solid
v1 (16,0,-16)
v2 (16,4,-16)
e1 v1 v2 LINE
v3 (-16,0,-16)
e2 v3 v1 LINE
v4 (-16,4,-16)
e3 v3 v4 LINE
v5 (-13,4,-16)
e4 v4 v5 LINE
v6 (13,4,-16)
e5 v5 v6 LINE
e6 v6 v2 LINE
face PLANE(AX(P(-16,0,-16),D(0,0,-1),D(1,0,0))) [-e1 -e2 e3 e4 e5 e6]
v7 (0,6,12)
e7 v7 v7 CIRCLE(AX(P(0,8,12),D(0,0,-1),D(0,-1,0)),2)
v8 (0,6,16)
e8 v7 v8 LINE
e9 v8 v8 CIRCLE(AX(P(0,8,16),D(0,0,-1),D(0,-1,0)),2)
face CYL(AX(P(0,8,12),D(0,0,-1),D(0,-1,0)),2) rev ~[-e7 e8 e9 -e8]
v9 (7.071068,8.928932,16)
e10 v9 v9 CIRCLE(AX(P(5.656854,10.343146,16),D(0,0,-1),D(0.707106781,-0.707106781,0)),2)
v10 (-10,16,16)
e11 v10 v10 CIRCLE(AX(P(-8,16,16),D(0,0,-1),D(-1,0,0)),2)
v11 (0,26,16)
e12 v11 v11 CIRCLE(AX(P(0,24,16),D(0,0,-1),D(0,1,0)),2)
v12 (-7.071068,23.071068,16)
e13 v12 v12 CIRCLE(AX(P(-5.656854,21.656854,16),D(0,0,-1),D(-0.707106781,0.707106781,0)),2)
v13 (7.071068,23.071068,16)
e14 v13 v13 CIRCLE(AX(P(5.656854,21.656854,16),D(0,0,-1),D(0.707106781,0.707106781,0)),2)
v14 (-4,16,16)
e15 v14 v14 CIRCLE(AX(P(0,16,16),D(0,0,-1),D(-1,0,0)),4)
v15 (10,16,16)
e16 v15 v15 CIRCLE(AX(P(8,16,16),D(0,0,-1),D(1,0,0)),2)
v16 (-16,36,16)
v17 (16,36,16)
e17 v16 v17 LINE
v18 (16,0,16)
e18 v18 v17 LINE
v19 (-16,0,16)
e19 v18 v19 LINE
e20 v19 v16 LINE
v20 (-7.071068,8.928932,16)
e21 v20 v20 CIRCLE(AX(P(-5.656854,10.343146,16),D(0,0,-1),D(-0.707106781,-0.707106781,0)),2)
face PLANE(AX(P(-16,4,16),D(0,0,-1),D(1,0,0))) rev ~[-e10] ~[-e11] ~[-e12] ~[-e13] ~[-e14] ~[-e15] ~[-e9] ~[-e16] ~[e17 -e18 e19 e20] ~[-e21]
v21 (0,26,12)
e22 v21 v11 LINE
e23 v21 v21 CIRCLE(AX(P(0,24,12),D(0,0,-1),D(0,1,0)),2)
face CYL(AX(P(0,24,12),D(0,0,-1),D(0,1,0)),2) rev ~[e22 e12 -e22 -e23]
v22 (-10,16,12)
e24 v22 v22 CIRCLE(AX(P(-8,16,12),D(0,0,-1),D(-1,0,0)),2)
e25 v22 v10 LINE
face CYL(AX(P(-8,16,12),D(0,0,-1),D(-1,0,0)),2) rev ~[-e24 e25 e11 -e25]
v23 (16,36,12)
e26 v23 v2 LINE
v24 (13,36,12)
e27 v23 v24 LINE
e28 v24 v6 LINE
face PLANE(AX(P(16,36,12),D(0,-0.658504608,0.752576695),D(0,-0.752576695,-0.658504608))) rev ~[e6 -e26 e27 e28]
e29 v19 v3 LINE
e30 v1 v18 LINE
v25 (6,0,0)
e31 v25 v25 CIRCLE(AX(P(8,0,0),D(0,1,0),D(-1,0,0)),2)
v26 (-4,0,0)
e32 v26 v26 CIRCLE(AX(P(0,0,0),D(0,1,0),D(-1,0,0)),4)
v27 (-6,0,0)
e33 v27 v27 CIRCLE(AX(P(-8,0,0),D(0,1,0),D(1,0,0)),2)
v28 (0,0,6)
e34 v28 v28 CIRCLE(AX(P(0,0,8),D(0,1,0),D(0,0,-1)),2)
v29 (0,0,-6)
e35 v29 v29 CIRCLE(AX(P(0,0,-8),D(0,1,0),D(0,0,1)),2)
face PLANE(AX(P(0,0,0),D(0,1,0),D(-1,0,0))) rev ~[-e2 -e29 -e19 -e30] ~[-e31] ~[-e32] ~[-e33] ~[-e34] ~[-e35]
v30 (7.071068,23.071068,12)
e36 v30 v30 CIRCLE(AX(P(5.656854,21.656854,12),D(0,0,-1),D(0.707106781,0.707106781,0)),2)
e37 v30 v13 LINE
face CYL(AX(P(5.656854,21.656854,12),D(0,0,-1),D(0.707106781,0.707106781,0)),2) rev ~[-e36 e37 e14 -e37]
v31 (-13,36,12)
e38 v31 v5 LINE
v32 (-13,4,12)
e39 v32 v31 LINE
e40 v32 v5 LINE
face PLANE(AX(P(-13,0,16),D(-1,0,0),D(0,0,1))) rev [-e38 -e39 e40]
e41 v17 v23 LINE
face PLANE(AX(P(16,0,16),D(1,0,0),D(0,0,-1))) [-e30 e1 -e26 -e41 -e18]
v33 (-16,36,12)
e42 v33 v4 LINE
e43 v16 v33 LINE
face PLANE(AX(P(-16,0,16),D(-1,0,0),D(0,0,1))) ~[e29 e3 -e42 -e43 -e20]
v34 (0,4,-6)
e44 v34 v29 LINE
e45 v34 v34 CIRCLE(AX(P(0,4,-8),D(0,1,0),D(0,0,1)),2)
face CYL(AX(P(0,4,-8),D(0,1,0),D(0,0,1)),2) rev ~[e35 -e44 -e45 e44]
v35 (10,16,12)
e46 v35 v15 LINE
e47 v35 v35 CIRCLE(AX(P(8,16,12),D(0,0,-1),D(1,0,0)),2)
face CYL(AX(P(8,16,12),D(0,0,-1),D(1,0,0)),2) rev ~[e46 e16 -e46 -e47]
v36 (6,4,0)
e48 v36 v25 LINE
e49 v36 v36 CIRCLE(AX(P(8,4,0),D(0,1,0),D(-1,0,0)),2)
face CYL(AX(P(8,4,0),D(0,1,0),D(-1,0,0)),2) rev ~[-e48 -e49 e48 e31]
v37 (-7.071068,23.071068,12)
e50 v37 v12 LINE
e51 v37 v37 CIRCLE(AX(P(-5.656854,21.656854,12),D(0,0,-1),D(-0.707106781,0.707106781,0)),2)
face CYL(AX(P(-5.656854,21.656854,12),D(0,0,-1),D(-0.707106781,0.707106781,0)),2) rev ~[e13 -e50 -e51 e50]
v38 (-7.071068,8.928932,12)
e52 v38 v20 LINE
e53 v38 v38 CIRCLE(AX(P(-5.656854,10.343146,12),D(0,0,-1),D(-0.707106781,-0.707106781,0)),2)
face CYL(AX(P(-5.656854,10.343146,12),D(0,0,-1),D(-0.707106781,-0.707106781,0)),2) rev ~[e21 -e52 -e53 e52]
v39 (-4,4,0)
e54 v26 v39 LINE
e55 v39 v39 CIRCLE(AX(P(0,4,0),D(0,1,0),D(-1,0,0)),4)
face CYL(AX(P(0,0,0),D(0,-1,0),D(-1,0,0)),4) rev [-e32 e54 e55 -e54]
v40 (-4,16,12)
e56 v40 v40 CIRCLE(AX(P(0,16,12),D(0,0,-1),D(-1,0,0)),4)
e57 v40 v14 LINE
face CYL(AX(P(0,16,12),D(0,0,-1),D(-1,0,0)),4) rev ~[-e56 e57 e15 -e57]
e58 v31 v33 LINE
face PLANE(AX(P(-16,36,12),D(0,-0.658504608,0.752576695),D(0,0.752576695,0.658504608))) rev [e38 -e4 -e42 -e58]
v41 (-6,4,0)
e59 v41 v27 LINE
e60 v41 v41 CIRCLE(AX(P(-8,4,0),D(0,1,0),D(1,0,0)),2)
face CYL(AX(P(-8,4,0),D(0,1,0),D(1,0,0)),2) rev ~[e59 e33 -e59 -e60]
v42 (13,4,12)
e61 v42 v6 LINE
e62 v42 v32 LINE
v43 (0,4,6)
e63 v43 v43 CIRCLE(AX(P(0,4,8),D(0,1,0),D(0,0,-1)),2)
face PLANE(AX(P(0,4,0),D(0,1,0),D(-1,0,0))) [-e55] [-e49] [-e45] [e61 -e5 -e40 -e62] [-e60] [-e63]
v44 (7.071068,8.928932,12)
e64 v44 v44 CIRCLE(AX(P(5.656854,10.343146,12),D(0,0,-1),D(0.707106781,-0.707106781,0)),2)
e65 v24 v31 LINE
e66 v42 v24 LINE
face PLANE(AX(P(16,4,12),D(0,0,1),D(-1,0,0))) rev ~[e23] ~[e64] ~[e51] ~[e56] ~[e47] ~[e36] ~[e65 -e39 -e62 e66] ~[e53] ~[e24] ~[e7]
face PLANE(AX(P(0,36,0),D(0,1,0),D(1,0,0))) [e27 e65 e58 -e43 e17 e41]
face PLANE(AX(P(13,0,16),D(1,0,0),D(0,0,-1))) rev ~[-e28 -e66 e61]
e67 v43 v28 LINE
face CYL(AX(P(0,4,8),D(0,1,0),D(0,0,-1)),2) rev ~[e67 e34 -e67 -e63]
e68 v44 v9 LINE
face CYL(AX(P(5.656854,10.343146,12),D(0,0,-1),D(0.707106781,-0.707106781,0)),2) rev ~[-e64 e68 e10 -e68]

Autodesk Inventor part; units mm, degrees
ref_plane "YZ Plane" through (0, 0, 0) normal (1, 0, 0) x (0, 1, 0)
ref_plane "XZ Plane" through (0, 0, 0) normal (0, 1, 0) x (-1, 0, 0)
ref_plane "XY Plane" through (0, 0, 0) normal (0, 0, 1) x (1, 0, 0)
sketch "Sketch1" plane through (0, 0, 0) normal (0, 1, 0) x (-1, 0, 0)
  line L0 (-16, 16) -> (16, 16)
  line L1 (16, 16) -> (16, -16)
  line L2 (16, -16) -> (-16, -16)
  line L3 (-16, -16) -> (-16, 16)
  line L4 (-16, 16) -> (16, -16) construction
  line L5 (16, 16) -> (-16, -16) construction
  circle A0 centre (0, 0) radius 4
  dimension "d0" = 32
  dimension "d1" = 32
  dimension "d2" = 8
extrude "Extrusion1" add sketch "Sketch1" along normal blind 4
sketch "Sketch2" plane through (0, 4, 0) normal (0, 1, 0) x (1, 0, 0)
  circle A0 centre (-8, 0) radius 2
  point P0 (0, 0)
  dimension "d5" = 4
  dimension "d6" = 8
extrude "Extrusion2" cut sketch "Sketch2" against normal blind 4
pattern_circular "Circular Pattern1" count 4 over 360 about axis through (0, 0, 0) along (0, 1, 0) of "Extrusion2"
sketch "Sketch3" plane through (0, 4, 0) normal (0, 1, 0) x (1, 0, 0)
  line L0 (-16, -16) -> (-16, 16) projected
  line L1 (-16, -16) -> (16, -16)
  line L2 (16, -16) -> (16, -12)
  line L3 (16, -12) -> (-16, -12)
  line L4 (-16, -12) -> (-16, -16)
  point P0 (0, 0)
  dimension "d12" = 32
  dimension "d13" = 4
extrude "Extrusion3" add sketch "Sketch3" along normal blind 32
sketch "Sketch4" plane through (16, 4, 12) normal (0, 0, -1) x (-1, 0, 0)
  line L0 (32, 0) -> (32, 32) construction
  line L1 (0, 0) -> (0, 32) construction
  circle A0 centre (16, 12) radius 4
  point P0 (16, -4)
  dimension "d16" = 8
  dimension "d26" = 32
  dimension "d27" = 12
extrude "Extrusion4" cut sketch "Sketch4" against normal blind 28
sketch "Sketch5" plane through (16, 4, 12) normal (0, 0, -1) x (-1, 0, 0)
  circle A0 centre (24, 12) radius 2
  circle A1 centre (16, 12) radius 4 projected
  point P0 (16, -4)
  dimension "d19" = 4
  dimension "d20" = 8
extrude "Extrusion5" cut sketch "Sketch5" against normal blind 28 contours A0
pattern_circular "Circular Pattern2" count 8 over 360 about axis through (0, 16, 12) along (0, 0, 1) of "Extrusion5"
sketch "Sketch6" plane through (16, 0, 16) normal (1, 0, 0) x (0, 0, -1)
  line L0 (4, 4) -> (4, 36) projected
  line L1 (32, 0) -> (32, 4) projected
  line L2 (4, 36) -> (32, 4)
  line L3 (4, 4) -> (32, 4) projected
  point P0 (16, 0)
extrude "Extrusion6" add sketch "Sketch6" against normal blind 3
mirror "Mirror1" about plane through (0, 0, 0) normal (1, 0, 0) of "Extrusion6"
properties part number "KB33-046-001-002 - Уголок"
